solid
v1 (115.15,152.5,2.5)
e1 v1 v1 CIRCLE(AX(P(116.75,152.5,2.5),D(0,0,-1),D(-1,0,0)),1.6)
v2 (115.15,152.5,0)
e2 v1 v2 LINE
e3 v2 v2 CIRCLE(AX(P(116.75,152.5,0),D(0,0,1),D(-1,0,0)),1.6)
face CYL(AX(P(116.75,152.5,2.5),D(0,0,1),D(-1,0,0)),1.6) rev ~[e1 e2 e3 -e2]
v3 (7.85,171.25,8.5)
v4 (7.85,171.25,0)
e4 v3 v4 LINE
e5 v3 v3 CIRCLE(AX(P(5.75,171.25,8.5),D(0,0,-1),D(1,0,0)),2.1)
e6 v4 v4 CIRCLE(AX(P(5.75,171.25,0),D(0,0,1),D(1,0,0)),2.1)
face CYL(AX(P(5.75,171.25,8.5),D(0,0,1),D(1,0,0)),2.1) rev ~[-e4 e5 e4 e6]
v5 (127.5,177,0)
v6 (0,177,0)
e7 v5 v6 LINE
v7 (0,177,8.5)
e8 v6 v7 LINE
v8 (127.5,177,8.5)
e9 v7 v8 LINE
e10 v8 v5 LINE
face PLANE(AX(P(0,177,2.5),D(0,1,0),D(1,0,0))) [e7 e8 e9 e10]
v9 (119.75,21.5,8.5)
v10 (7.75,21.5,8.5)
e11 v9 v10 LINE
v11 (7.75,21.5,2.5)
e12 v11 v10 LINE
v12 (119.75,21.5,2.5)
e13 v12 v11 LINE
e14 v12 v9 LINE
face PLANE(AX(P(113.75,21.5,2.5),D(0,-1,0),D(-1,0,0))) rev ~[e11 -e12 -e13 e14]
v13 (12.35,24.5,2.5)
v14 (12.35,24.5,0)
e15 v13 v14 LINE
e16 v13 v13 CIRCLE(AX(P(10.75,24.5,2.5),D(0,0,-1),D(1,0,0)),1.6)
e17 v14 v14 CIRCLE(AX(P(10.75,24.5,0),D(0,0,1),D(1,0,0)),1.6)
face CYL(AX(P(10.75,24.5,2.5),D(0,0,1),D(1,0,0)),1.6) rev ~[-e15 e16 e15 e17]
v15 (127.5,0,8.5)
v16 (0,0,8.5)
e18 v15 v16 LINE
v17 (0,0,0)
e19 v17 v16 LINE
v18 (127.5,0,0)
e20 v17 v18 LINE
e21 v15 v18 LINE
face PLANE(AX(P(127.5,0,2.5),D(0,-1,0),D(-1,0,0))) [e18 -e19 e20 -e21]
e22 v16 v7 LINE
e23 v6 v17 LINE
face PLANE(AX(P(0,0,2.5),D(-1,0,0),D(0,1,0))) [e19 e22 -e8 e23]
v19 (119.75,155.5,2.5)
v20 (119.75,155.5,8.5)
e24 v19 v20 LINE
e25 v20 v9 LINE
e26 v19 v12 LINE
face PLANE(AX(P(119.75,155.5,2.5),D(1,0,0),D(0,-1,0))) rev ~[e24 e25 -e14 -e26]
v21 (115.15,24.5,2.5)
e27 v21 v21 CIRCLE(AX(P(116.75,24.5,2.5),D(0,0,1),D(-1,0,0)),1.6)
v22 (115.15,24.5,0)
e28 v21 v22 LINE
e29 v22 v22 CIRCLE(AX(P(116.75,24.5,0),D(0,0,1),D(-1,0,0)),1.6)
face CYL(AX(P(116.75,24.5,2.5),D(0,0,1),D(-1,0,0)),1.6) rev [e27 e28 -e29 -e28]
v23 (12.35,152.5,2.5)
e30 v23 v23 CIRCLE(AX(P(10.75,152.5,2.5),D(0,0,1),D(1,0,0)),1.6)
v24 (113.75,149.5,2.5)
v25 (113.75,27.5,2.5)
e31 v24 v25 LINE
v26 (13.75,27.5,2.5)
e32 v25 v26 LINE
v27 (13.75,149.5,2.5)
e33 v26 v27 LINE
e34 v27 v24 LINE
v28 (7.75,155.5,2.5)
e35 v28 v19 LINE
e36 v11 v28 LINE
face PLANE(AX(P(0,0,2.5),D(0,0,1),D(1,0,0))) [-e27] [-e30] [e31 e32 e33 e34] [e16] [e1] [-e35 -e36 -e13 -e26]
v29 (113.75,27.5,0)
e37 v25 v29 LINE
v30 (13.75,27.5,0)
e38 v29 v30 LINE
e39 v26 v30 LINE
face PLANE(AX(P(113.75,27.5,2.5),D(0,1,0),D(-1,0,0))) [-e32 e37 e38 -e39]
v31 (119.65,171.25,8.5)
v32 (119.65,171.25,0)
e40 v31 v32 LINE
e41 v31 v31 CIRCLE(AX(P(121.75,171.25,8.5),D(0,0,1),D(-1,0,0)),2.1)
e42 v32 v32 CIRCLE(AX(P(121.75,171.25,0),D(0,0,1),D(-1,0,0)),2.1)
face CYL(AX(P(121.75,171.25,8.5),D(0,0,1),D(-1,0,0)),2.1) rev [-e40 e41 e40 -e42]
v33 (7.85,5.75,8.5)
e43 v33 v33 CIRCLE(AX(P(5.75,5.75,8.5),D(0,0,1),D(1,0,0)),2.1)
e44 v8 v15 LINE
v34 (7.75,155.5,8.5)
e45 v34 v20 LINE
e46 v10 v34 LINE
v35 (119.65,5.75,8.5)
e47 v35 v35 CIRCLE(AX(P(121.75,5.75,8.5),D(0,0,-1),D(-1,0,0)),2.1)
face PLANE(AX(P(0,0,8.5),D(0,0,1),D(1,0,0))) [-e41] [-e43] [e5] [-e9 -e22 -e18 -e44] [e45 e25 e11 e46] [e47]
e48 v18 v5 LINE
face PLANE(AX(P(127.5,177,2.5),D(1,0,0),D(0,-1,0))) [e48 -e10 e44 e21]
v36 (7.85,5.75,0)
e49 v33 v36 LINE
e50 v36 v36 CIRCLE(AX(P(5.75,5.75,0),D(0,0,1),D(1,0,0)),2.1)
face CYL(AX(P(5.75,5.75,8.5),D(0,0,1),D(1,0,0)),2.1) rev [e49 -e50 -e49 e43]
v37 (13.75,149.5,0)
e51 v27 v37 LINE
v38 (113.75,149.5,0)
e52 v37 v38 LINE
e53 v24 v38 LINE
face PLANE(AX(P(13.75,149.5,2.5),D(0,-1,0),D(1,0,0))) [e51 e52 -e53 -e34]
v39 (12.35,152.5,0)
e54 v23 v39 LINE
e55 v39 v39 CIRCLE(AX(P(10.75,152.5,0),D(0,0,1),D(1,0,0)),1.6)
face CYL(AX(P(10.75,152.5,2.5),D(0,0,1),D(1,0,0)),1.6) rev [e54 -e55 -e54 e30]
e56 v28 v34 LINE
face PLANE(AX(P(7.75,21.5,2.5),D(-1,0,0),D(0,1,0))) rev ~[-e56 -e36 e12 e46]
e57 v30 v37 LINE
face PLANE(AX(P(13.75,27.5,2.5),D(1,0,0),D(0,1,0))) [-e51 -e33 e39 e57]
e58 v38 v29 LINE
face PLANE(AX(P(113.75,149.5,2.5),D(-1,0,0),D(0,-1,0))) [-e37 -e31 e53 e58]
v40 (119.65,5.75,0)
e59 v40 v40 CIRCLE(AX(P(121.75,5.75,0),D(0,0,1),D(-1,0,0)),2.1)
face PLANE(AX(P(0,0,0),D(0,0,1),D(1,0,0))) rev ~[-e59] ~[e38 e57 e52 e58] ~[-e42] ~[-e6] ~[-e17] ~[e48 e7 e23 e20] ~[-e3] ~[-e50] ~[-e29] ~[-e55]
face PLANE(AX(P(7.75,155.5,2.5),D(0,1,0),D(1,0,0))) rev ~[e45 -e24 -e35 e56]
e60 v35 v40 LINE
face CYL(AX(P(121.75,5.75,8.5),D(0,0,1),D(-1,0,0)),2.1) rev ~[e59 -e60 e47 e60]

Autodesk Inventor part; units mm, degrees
ref_plane "YZ Plane" through (0, 0, 0) normal (1, 0, 0) x (0, 1, 0)
ref_plane "XZ Plane" through (0, 0, 0) normal (0, 1, 0) x (-1, 0, 0)
ref_plane "XY Plane" through (0, 0, 0) normal (0, 0, 1) x (1, 0, 0)
sketch "Boceto1" plane through (0, 0, 0) normal (0, 0, 1) x (1, 0, 0)
  line L0 (0, 0) -> (127.5, 0)
  line L1 (127.5, 0) -> (127.5, 177)
  line L2 (127.5, 177) -> (0, 177)
  line L3 (0, 177) -> (0, 0)
  dimension "d32" = 127.5
  dimension "d33" = 177
extrude "Extrusión1" add sketch "Boceto1" along normal blind 2.5
sketch "Boceto2" plane through (0, 0, 2.5) normal (0, 0, 1) x (1, 0, 0)
  line L0 (127.5, 0) -> (127.5, 27.5)
  line L1 (127.5, 0) -> (127.5, 177) projected
  line L2 (127.5, 0) -> (155, 0) construction
  line L3 (127.5, 27.5) -> (113.75, 27.5)
  line L4 (0, 0) -> (127.5, 0) projected
  line L5 (113.75, 27.5) -> (13.75, 27.5)
  line L6 (13.75, 27.5) -> (13.75, 149.5)
  line L7 (13.75, 149.5) -> (113.75, 149.5)
  line L8 (113.75, 149.5) -> (113.75, 27.5)
  dimension "d36" = 27.5
  dimension "d37" = 90
  dimension "d38" = 13.75
  dimension "d39" = 90
  dimension "d40" = 100
  dimension "d41" = 122
extrude "Extrusión2" cut sketch "Boceto2" against normal blind 2.5
sketch "Boceto3" plane through (0, 0, 2.5) normal (0, 0, 1) x (1, 0, 0)
  line L0 (13.75, 149.5) -> (7.75, 149.5)
  line L1 (7.75, 149.5) -> (7.75, 155.5)
  line L2 (113.75, 27.5) -> (113.75, 21.5)
  line L3 (113.75, 27.5) -> (119.75, 27.5) construction
  line L4 (113.75, 21.5) -> (119.75, 21.5)
  line L5 (7.75, 155.5) -> (119.75, 155.5)
  line L6 (119.75, 155.5) -> (119.75, 21.5)
  line L7 (119.75, 21.5) -> (7.75, 21.5)
  line L8 (7.75, 21.5) -> (7.75, 155.5)
  line L9 (0, 177) -> (127.5, 177)
  line L10 (127.5, 177) -> (127.5, 0)
  line L11 (127.5, 0) -> (0, 0)
  line L12 (0, 0) -> (0, 177)
  dimension "d44" = 6
  dimension "d45" = 6
  dimension "d46" = 90
  dimension "d47" = 6
  dimension "d48" = 90
  dimension "d49" = 6
  dimension "d50" = 90
extrude "Extrusión3" add sketch "Boceto3" along normal blind 6
sketch "Boceto6" plane through (0, 0, 8.5) normal (0, 0, 1) x (1, 0, 0)
  line L0 (0, 0) -> (0, 88.5)
  line L1 (0, 177) -> (0, 0) projected
  line L2 (0, 0) -> (88.5, 0) construction
  line L3 (0, 88.5) -> (127.5, 88.5)
  dimension "d73" = 88.5
  dimension "d74" = 90
  dimension "d75" = 127.5
  dimension "d76" = 90
ref_plane "Plano de trabajo1" through (0, 88.5, 8.5) normal (0, -1, 0) x (1, 0, 0)
sketch "Boceto7" plane through (0, 0, 8.5) normal (0, 0, 1) x (1, 0, 0)
  line L0 (0, 0) -> (63.75, 0)
  line L1 (0, 0) -> (127.5, 0) projected
  line L2 (63.75, 0) -> (63.75, 177)
  line L3 (127.5, 177) -> (0, 177) projected
  line L4 (63.75, 0) -> (240.75, 0) construction
  dimension "d78" = 177
  dimension "d79" = 90
ref_plane "Plano de trabajo2" through (63.75, 0, 8.5) normal (1, 0, 0) x (0, 1, 0)
sketch "Boceto8" plane through (0, 0, 2.5) normal (0, 0, 1) x (1, 0, 0)
  line L0 (13.75, 27.5) -> (7.75, 27.5)
  line L1 (7.75, 27.5) -> (7.75, 21.5)
  line L2 (7.75, 21.5) -> (13.75, 21.5)
  line L3 (13.75, 21.5) -> (13.75, 27.5)
  line L4 (13.75, 21.5) -> (7.75, 27.5)
  line L5 (13.75, 27.5) -> (7.75, 21.5)
  circle A0 centre (10.75, 24.5) radius 1.6
  point P0 (0, 0)
  dimension "d81" = 6
  dimension "d82" = 6
  dimension "d83" = 3.2
extrude "Extrusión4" cut sketch "Boceto8" against normal blind 4 contours A0 L4 L5 | L5 L4 A0 | L4 L5 A0 | A0 L5 L4
mirror "Simetría1" about plane through (63.75, 0, 8.5) normal (1, 0, 0) of "Extrusión4"
mirror "Simetría2" about plane through (0, 88.5, 8.5) normal (0, -1, 0) of "Extrusión4", "Simetría1"
sketch "Boceto9" plane through (0, 0, 8.5) normal (0, 0, 1) x (1, 0, 0)
  line L0 (0, 177) -> (11.5, 177)
  line L1 (11.5, 177) -> (11.5, 165.5)
  line L2 (11.5, 165.5) -> (0, 165.5)
  line L3 (0, 165.5) -> (0, 177)
  line L4 (0, 177) -> (11.5, 165.5)
  line L5 (0, 165.5) -> (11.5, 177)
  circle A0 centre (5.75, 171.25) radius 2.1
  point P0 (0, 0)
  dimension "d86" = 11.5
  dimension "d87" = 11.5
  dimension "d88" = 4.2
extrude "Extrusión5" cut sketch "Boceto9" against normal blind 10 contours A0 L5 L4 | L4 L5 A0 | A0 L4 L5 | L5 L4 A0
mirror "Simetría3" about plane through (63.75, 0, 8.5) normal (1, 0, 0) of "Extrusión5"
mirror "Simetría4" about plane through (0, 88.5, 8.5) normal (0, -1, 0) of "Extrusión5", "Simetría3"
properties part number "transillum_diffusor_partA_v3"
